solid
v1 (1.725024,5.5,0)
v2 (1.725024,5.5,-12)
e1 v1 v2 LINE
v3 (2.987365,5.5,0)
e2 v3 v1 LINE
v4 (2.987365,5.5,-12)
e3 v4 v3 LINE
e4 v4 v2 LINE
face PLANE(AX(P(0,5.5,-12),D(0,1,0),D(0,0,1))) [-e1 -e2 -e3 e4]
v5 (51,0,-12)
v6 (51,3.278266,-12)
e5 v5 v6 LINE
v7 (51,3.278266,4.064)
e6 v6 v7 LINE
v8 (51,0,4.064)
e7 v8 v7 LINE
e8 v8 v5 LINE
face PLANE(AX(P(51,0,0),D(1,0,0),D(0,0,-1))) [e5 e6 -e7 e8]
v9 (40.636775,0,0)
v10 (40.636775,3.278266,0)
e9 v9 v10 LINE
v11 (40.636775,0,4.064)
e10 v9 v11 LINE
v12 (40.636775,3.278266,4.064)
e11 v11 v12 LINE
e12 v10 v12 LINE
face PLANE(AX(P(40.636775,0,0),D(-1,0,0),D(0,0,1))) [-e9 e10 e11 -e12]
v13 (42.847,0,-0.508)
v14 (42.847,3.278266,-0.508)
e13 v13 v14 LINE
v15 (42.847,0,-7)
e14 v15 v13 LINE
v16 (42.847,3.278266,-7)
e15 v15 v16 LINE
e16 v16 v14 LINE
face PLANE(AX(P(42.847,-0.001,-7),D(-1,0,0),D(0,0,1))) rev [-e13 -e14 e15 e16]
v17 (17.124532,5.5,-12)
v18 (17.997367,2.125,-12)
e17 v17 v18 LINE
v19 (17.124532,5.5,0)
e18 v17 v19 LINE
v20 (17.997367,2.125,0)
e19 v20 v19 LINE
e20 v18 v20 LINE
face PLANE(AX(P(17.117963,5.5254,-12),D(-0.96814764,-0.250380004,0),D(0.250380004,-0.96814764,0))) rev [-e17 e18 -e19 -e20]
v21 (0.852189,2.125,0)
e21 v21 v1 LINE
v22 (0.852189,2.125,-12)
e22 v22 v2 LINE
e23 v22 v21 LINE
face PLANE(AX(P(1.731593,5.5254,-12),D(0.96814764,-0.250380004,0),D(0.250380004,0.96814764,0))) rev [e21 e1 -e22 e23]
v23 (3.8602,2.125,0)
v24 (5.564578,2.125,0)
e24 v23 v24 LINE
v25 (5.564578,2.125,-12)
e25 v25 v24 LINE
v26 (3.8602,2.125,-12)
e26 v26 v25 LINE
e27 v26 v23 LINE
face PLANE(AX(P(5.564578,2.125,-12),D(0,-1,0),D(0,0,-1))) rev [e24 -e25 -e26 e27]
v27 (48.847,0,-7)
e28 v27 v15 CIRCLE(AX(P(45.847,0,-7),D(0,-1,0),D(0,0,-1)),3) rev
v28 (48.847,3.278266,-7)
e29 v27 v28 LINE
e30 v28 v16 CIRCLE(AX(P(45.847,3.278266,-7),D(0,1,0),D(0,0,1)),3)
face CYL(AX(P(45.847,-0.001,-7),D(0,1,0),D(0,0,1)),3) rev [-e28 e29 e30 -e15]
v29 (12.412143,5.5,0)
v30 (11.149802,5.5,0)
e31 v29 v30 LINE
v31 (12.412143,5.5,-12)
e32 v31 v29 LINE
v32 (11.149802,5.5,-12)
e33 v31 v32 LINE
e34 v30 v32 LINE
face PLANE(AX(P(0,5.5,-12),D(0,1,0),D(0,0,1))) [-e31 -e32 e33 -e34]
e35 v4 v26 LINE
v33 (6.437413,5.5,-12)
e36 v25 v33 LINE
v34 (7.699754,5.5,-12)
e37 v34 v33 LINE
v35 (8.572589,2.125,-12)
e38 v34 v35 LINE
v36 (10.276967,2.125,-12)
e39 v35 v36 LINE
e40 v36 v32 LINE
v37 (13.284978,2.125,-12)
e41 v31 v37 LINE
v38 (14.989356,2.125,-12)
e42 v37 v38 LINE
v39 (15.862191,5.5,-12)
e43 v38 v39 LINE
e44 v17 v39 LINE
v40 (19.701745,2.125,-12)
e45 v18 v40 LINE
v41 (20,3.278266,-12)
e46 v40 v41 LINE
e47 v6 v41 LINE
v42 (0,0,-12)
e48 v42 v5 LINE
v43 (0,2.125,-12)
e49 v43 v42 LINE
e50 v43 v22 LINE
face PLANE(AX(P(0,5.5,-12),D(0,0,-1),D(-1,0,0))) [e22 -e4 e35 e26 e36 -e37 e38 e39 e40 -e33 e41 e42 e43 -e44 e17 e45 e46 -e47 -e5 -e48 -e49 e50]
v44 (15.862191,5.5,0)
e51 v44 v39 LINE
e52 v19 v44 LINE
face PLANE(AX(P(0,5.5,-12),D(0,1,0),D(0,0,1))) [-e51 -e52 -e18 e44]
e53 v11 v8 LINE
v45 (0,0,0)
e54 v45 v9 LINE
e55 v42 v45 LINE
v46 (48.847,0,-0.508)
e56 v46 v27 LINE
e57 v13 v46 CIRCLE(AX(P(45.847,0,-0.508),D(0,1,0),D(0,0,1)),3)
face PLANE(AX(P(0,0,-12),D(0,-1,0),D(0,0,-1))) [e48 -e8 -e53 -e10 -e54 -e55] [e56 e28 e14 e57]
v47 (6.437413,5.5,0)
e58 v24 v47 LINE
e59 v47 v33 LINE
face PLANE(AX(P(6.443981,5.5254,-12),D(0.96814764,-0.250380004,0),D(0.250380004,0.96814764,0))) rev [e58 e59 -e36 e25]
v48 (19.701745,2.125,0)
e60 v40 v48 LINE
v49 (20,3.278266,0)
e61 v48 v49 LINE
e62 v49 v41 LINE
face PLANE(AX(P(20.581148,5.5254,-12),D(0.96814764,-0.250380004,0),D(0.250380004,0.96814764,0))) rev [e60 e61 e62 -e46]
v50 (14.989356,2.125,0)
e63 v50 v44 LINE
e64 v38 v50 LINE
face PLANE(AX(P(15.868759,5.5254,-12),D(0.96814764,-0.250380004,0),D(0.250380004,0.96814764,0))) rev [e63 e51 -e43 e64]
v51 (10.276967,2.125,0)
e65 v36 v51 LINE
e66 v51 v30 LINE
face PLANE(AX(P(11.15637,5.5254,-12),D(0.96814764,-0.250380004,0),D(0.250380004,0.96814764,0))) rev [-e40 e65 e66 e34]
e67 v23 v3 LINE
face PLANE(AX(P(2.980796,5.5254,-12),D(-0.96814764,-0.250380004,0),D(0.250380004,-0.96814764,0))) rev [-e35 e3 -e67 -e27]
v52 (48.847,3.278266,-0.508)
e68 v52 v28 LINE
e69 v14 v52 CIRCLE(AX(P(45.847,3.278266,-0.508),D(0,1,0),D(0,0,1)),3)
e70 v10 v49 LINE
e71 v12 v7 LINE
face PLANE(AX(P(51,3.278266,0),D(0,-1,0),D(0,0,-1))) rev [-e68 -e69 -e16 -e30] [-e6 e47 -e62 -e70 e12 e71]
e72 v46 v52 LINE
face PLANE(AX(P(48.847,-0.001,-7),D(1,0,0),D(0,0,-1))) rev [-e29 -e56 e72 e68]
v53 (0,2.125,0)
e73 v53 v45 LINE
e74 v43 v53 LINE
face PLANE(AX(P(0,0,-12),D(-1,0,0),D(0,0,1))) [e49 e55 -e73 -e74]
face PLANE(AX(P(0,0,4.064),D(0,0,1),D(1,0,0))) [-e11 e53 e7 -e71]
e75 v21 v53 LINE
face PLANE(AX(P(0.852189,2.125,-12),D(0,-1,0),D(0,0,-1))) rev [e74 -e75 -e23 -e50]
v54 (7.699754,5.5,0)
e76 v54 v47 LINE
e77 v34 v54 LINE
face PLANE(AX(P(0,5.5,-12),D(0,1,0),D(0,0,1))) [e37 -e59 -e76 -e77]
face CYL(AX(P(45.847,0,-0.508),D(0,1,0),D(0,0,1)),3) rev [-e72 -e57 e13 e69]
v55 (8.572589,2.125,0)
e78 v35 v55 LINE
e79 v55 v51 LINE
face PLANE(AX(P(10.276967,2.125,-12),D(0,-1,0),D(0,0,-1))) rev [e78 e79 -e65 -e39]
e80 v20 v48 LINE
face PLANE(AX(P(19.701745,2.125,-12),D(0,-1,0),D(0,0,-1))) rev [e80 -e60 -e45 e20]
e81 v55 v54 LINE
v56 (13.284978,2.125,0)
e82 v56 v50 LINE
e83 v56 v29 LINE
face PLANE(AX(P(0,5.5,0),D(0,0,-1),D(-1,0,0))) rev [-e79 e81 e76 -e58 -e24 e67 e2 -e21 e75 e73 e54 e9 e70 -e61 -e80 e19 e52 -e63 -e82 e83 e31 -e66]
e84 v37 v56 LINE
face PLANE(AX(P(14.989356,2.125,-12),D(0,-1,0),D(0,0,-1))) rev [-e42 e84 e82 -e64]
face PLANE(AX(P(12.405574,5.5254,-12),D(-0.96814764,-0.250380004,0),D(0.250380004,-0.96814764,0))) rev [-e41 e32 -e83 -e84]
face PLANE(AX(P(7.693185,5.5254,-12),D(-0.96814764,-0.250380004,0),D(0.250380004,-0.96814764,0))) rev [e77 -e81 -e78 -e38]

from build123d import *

# Parameters (mm, degrees)
BLANKSKE_W          = 20
BLANKSKE_H          = 5.5
BLANK_DEPTH         = 12
TOOTHCUTSIM_DEPTH   = 24.963513933
TEETHCUTS_COUNT     = 5
TEETHCUTS_PITCH     = 4.712388975
SKETCH2_W           = 12
SKETCH2_H           = 3.278265845
BOSS_EXTRUDE1_DEPTH = 31
CUT_EXTRUDE2_REACH  = 54.495
BOSS_EXTRUDE2_DEPTH = 3.278266
CUT_EXTRUDE3_DEPTH  = 22.5


with BuildPart() as part:
    # BlankSke → Blank (new body)
    with BuildSketch(Plane.XY):
        with Locations((10, 2.75)):
            Rectangle(BLANKSKE_W, BLANKSKE_H)
    extrude(amount=-BLANK_DEPTH)

    # TooCutSkeSim → ToothCutSim (cut, through all)
    with BuildSketch(Plane.XY):
        Polygon((0.852189273, 2.125), (-0.852189273, 2.125), (-1.731592507, 5.5254), (1.731592507, 5.5254), align=None)
    toothcutsim = extrude(amount=-TOOTHCUTSIM_DEPTH, mode=Mode.SUBTRACT)

    # TeethCuts: ToothCutSim ×5
    with Locations(*[(i * TEETHCUTS_PITCH, 0, 0) for i in range(1, TEETHCUTS_COUNT)]):
        add(toothcutsim, mode=Mode.SUBTRACT)

    # Sketch2 → Boss-Extrude1 (add)
    with BuildSketch(Plane(origin=(20, 0, 0), x_dir=(0, 0, -1), z_dir=(1, 0, 0))):
        with Locations((6, 1.639132923)):
            Rectangle(SKETCH2_W, SKETCH2_H)
    extrude(amount=BOSS_EXTRUDE1_DEPTH)

    # Sketch3 → Cut-Extrude2 (cut, up to next)
    with BuildSketch(Plane(origin=(0, 3.278265845, 0), x_dir=(1, 0, 0), z_dir=(0, 1, 0)), mode=Mode.PRIVATE) as cut_extrude2_sk1:
        with BuildLine():
            Line((48.847, 7), (48.847, 5))
            ThreePointArc((48.847, 5), (45.847, 2), (42.847, 5))
            Line((42.847, 5), (42.847, 7))
            ThreePointArc((42.847, 7), (45.847, 10), (48.847, 7))
        make_face()
    cut_extrude2_tool1 = extrude(cut_extrude2_sk1.sketch, amount=-CUT_EXTRUDE2_REACH, mode=Mode.PRIVATE) & part.part
    add(cut_extrude2_tool1.solids().sort_by_distance((45.847, 3.278266, -6))[0], mode=Mode.SUBTRACT)

    # Sketch5 → Boss-Extrude2 (add)
    with BuildSketch(Plane(origin=(0, 3.278265845, 0), x_dir=(1, 0, 0), z_dir=(0, 1, 0))):
        with BuildLine():
            Line((42.890323487, 0), (40.636775161, 0))
            Line((40.636775161, 0), (40.636775161, -4.064))
            Line((40.636775161, -4.064), (51, -4.064))
            Line((51, -4.064), (51, 0))
            Line((51, 0), (48.803676513, 0))
            ThreePointArc((48.803676513, 0), (45.847, -2.492), (42.890323487, 0))
        make_face()
    extrude(amount=-BOSS_EXTRUDE2_DEPTH)

    # Sketch6 → Cut-Extrude3 (cut)
    with BuildSketch(Plane(origin=(0, 3.278265845, 0), x_dir=(1, 0, 0), z_dir=(0, 1, 0))):
        with BuildLine():
            Line((48.847, 7), (48.847, 0.508))
            ThreePointArc((48.847, 0.508), (45.847, -2.492), (42.847, 0.508))
            Line((42.847, 0.508), (42.847, 7))
            ThreePointArc((42.847, 7), (45.847, 10), (48.847, 7))
        make_face()
    extrude(amount=-CUT_EXTRUDE3_DEPTH, mode=Mode.SUBTRACT)


solid = part.part
